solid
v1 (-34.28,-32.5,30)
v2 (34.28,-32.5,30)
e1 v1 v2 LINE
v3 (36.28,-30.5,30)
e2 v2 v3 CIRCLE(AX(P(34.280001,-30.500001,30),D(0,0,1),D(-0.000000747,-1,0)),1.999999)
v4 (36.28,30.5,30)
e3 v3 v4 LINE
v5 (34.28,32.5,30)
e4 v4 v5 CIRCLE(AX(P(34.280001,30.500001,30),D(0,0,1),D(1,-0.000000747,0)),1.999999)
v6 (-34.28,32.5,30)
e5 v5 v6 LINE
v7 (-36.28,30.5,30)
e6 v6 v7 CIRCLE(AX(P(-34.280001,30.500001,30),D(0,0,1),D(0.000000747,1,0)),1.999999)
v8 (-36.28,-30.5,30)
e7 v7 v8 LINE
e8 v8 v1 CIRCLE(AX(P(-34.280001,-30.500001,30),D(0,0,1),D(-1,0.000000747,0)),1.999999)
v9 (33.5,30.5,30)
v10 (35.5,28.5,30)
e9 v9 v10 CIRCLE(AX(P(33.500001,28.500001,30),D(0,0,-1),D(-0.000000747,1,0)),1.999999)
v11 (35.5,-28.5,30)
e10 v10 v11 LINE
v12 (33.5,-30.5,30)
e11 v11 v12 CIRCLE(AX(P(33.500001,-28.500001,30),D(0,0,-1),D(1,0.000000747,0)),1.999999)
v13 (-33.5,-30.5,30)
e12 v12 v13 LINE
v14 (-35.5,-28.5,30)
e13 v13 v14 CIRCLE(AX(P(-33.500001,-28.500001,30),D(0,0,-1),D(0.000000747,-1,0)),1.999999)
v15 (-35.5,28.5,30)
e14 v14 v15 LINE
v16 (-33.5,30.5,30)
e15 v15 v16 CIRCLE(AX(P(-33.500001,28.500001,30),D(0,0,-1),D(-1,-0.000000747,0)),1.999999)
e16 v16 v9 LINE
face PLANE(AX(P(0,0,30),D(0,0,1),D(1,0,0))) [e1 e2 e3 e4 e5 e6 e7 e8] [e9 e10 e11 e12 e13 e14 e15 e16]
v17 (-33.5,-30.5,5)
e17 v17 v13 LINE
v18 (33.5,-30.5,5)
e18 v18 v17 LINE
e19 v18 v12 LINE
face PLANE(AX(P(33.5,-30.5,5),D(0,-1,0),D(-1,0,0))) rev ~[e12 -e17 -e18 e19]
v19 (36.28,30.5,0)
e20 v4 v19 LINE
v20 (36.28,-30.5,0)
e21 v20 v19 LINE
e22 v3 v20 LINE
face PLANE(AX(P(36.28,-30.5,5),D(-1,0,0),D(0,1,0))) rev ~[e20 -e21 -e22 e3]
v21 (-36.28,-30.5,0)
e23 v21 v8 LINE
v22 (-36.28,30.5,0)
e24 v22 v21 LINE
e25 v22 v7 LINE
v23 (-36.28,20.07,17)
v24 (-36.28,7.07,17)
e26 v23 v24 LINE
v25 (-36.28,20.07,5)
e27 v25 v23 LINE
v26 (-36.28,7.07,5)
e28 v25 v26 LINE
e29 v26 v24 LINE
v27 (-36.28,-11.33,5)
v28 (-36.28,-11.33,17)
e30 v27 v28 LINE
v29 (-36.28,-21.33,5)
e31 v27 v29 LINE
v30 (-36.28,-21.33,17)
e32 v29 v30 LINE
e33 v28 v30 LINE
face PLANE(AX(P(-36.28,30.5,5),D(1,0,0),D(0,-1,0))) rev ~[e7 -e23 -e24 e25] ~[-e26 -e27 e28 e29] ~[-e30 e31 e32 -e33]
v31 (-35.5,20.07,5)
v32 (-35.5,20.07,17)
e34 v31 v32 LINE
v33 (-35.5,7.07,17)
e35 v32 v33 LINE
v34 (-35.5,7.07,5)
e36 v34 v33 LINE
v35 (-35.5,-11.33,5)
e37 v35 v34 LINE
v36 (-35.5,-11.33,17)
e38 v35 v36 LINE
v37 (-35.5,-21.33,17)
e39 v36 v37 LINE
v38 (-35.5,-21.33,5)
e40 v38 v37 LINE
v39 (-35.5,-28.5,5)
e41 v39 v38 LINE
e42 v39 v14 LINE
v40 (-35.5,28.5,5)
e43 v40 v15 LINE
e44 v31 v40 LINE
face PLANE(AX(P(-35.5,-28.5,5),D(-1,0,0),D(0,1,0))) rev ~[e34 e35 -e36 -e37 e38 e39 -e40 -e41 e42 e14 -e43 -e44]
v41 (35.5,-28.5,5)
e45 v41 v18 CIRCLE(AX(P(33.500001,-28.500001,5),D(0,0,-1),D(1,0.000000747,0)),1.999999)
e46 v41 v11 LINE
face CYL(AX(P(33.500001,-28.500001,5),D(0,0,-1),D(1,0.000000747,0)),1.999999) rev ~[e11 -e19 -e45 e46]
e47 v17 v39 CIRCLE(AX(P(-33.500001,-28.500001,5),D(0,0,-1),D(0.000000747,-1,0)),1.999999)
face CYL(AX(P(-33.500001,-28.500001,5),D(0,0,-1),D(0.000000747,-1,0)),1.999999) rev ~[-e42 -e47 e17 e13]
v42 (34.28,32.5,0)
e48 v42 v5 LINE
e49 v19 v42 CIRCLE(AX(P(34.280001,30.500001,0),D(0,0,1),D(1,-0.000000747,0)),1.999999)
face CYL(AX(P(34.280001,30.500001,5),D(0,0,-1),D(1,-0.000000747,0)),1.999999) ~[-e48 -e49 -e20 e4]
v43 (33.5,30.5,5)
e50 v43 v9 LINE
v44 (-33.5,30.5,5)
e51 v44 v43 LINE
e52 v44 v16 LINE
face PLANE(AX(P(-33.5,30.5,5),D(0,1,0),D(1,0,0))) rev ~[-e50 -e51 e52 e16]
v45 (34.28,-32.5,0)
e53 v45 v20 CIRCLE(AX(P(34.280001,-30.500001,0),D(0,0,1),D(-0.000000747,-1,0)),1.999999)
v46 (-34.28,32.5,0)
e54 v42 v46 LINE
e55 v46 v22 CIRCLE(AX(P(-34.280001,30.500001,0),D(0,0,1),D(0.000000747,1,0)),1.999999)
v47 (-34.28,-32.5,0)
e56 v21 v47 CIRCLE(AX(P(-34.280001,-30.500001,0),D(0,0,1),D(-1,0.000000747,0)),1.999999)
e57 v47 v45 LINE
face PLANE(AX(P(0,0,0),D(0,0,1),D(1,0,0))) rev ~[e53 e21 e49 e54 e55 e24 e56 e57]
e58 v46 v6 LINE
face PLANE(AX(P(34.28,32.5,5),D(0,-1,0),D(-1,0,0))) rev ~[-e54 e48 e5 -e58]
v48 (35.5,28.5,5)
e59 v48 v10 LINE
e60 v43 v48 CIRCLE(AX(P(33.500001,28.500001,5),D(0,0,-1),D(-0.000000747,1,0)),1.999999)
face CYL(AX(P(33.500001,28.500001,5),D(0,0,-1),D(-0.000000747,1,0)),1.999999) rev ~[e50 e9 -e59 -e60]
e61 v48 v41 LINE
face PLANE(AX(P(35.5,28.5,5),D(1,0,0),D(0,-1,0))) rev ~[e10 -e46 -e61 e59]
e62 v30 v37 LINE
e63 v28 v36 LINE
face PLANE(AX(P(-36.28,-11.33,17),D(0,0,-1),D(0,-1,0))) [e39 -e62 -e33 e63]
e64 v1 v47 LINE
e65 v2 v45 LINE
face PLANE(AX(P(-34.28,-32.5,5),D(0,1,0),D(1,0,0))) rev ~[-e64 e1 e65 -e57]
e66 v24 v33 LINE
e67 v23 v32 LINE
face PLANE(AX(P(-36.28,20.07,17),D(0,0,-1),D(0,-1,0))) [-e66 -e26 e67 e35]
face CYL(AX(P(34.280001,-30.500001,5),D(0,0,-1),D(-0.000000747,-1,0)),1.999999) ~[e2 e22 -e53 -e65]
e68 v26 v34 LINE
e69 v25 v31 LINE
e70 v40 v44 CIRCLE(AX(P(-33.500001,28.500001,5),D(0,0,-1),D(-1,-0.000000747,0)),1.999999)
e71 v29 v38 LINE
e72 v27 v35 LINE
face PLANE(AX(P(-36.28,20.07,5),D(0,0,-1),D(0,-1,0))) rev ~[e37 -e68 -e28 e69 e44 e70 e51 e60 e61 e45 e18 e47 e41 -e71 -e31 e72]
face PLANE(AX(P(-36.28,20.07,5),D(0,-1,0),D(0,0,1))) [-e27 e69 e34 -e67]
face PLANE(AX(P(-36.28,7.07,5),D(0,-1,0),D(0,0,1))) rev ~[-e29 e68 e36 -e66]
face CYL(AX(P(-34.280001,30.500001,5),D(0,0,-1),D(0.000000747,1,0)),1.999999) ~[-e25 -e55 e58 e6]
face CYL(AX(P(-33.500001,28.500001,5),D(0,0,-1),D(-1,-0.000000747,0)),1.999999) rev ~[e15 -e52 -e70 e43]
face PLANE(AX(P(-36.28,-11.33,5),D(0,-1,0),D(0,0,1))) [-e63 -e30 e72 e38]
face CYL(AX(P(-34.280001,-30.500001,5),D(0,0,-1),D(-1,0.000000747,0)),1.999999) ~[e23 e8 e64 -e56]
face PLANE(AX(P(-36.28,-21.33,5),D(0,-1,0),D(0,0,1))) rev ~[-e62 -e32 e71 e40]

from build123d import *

# Parameters (mm, degrees)
F1_DEPTH = 5
F3_DEPTH = 25
F4_W     = 10
F4_H     = 12
F4_W_2   = 13
F5_DEPTH = 2.1


with BuildPart() as f1:
    # F0 (on Top) → F1 (new body)
    with BuildSketch(Plane.XY):
        with BuildLine():
            Line((34.28, 32.5), (-34.28, 32.5))
            ThreePointArc((-34.28, 32.5), (-35.694214, 31.914214), (-36.28, 30.5))
            Line((-36.28, 30.5), (-36.28, -30.5))
            ThreePointArc((-36.28, -30.5), (-35.694214, -31.914214), (-34.28, -32.5))
            Line((-34.28, -32.5), (34.28, -32.5))
            ThreePointArc((34.28, -32.5), (35.694214, -31.914214), (36.28, -30.5))
            Line((36.28, -30.5), (36.28, 30.5))
            ThreePointArc((36.28, 30.5), (35.694214, 31.914214), (34.28, 32.5))
        make_face()
    extrude(amount=F1_DEPTH)

    # F2 (on face) → F3 (join)
    with BuildSketch(Plane.XY.offset(5)):
        with BuildLine():
            ThreePointArc((36.28, 30.5), (35.694214, 31.914214), (34.28, 32.5))
            Line((34.28, 32.5), (-34.28, 32.5))
            ThreePointArc((-34.28, 32.5), (-35.694214, 31.914214), (-36.28, 30.5))
            Line((-36.28, 30.5), (-36.28, -30.5))
            ThreePointArc((-36.28, -30.5), (-35.694214, -31.914214), (-34.28, -32.5))
            Line((-34.28, -32.5), (34.28, -32.5))
            ThreePointArc((34.28, -32.5), (35.694214, -31.914214), (36.28, -30.5))
            Line((36.28, -30.5), (36.28, 30.5))
        make_face()
        with BuildLine():
            ThreePointArc((-35.5, 28.5), (-34.914214, 29.914214), (-33.5, 30.5))
            Line((-33.5, 30.5), (33.5, 30.5))
            ThreePointArc((33.5, 30.5), (34.914214, 29.914214), (35.5, 28.5))
            Line((35.5, 28.5), (35.5, -28.5))
            ThreePointArc((35.5, -28.5), (34.914214, -29.914214), (33.5, -30.5))
            Line((33.5, -30.5), (-33.5, -30.5))
            ThreePointArc((-33.5, -30.5), (-34.914214, -29.914214), (-35.5, -28.5))
            Line((-35.5, -28.5), (-35.5, 28.5))
        make_face(mode=Mode.SUBTRACT)
    extrude(amount=F3_DEPTH)

    # F4 (on face) → F5 (cut)
    with BuildSketch(Plane(origin=(-36.28, 0, 0), x_dir=(0, -1, 0), z_dir=(-1, 0, 0))):
        with Locations((16.33, 11)):
            Rectangle(F4_W, F4_H)
        with Locations((-13.57, 11)):
            Rectangle(F4_W_2, F4_H)
    extrude(amount=-F5_DEPTH, mode=Mode.SUBTRACT)


solid = f1.part
